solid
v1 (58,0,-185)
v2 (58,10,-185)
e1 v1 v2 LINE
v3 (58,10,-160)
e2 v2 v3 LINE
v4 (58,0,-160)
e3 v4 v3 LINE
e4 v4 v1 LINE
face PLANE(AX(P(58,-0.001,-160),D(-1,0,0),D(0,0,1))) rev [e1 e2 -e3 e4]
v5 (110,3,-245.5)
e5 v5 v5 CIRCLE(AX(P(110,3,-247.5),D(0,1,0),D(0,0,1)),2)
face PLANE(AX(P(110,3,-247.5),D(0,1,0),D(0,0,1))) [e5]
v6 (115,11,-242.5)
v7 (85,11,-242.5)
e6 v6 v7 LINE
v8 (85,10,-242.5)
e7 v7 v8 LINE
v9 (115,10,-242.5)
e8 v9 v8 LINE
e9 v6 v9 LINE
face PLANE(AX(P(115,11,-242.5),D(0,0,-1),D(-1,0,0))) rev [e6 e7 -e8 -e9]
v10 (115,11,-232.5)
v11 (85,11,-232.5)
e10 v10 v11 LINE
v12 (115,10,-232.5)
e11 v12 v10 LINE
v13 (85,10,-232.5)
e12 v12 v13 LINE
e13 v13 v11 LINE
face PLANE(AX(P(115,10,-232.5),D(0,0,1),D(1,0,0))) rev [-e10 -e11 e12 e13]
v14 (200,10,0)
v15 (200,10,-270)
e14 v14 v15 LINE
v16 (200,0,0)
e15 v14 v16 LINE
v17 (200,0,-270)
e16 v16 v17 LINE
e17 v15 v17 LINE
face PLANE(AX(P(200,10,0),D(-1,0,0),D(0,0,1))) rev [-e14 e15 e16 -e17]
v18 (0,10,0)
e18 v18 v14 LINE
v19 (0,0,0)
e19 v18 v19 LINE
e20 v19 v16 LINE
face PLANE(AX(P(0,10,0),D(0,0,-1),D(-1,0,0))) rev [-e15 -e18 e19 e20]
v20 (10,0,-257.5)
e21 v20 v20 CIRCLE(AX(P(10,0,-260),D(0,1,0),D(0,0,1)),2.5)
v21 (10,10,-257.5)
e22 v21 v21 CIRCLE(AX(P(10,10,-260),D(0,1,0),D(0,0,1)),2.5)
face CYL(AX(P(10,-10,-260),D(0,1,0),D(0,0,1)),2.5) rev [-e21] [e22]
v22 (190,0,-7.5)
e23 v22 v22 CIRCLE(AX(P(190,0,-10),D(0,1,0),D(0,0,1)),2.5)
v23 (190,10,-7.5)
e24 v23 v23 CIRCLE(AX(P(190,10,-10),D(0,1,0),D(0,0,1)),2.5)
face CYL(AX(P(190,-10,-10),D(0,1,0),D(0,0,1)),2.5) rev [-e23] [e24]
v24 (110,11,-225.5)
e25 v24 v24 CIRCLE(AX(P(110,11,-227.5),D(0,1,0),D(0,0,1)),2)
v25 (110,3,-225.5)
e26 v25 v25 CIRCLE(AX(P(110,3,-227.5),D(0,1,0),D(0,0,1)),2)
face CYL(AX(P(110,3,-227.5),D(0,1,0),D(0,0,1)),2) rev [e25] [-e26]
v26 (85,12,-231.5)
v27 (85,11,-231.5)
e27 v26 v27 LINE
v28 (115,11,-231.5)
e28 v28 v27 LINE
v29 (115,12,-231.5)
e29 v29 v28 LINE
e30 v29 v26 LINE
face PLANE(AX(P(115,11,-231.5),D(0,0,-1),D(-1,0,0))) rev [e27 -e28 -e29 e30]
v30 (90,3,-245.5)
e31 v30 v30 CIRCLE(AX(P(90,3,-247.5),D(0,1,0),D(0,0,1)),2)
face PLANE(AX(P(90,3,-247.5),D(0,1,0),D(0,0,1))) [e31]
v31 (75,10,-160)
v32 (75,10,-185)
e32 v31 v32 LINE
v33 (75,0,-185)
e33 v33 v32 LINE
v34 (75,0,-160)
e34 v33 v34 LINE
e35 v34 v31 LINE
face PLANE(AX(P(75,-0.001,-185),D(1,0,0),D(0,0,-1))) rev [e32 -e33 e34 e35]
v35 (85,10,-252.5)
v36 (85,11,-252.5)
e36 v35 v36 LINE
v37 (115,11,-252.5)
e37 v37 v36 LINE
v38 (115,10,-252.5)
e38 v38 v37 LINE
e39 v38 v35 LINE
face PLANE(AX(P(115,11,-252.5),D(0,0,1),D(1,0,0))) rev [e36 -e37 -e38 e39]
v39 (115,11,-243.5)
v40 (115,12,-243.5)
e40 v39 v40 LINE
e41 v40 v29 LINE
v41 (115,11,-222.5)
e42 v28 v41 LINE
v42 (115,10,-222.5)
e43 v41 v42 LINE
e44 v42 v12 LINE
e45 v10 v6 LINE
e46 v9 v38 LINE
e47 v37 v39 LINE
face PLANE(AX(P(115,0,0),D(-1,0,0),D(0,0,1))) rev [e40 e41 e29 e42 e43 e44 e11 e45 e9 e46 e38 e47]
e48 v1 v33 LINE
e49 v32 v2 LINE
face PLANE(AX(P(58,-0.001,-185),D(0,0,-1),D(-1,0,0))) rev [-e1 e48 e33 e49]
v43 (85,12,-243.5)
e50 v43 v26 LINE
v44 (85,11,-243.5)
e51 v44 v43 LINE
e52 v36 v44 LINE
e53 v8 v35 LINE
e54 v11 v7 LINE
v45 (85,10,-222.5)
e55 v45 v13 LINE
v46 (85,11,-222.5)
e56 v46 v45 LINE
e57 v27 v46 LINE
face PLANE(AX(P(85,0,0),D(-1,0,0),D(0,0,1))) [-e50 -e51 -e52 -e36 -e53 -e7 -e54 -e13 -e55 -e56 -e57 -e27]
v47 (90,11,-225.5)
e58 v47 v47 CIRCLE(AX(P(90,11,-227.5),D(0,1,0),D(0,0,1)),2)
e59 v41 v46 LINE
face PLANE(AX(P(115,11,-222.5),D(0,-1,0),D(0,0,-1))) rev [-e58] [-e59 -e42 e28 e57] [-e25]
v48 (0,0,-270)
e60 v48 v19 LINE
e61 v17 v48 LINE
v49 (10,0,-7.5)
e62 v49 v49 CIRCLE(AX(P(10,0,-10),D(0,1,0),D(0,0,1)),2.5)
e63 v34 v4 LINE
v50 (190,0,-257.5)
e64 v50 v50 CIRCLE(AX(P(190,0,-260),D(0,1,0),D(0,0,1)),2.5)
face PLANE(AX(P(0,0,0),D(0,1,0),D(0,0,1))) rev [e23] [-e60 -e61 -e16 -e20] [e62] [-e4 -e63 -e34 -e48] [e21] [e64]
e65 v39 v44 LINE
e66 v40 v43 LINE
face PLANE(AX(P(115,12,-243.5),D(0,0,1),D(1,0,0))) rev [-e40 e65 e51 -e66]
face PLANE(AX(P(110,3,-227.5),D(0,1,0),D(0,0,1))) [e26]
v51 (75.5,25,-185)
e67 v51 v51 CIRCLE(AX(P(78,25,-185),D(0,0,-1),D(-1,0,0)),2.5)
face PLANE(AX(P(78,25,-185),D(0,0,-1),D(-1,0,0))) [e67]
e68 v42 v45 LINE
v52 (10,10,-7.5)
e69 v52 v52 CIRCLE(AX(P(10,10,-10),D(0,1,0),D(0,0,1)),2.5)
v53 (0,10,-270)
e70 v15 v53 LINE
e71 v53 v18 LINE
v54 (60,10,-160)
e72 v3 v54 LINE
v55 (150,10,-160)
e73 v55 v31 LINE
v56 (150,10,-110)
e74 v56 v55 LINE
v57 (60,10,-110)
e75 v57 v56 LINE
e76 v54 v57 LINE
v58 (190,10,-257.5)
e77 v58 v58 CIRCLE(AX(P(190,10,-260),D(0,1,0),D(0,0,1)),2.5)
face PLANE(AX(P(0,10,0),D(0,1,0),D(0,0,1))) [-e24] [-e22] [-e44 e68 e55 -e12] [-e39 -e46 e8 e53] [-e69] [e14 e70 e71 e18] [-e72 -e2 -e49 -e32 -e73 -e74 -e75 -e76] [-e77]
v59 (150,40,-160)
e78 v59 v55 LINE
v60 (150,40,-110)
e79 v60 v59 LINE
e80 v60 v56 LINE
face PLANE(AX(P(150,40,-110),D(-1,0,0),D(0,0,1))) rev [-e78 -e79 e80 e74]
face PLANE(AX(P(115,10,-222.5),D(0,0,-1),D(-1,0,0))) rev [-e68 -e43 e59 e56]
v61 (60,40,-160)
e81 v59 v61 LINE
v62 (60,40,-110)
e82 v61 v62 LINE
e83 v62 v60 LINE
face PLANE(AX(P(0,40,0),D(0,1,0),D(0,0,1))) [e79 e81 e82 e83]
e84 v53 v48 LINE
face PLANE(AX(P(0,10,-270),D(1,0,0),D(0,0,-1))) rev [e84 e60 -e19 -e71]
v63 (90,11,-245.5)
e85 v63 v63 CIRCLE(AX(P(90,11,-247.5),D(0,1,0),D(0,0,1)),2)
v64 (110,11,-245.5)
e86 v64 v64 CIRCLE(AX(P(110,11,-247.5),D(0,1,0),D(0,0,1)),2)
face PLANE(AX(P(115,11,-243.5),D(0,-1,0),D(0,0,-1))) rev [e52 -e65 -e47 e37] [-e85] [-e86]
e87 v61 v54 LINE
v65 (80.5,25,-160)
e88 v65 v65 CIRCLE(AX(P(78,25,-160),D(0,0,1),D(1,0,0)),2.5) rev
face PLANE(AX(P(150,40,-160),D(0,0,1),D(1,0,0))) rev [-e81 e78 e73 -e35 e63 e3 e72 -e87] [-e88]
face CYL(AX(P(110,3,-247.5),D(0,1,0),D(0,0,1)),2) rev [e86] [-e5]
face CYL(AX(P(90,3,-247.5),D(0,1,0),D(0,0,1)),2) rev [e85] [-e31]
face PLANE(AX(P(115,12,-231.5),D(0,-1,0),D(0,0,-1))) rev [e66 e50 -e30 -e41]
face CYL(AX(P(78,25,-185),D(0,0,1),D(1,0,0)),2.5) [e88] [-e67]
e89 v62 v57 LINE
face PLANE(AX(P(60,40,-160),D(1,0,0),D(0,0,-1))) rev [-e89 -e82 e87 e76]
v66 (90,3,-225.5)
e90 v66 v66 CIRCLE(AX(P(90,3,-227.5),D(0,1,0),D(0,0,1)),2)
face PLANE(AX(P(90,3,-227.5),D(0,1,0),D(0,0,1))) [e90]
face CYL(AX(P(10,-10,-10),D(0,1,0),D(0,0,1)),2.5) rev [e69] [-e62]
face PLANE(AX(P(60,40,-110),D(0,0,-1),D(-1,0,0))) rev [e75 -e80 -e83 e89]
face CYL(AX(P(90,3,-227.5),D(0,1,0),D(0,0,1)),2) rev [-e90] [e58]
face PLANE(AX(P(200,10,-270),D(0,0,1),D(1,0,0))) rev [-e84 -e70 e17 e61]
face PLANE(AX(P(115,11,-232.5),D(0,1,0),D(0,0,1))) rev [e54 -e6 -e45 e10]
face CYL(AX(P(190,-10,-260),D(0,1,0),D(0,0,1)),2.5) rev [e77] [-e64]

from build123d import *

# Parameters (mm, degrees)
SKETCH_1_W          = 200
SKETCH_1_H          = 270
EXTRUDE_1_DEPTH     = 10
SKETCH_3_R          = 2.5
CUT_EXTRUDE_1_DEPTH = 20
SKETCH_6_W          = 90
SKETCH_6_H          = 50
EXTRUDE_2_DEPTH     = 30
CUT_EXTRUDE_3_REACH = 339.343
SKETCH_9_W          = 17
SKETCH_9_H          = 25
EXTRUDE_4_DEPTH     = 15
SKETCH_11_R         = 2
CUT_EXTRUDE_4_DEPTH = 8
SKETCH_12_R         = 2.5
EXTRUDE_5_DEPTH     = 25


with BuildPart() as part:
    # 草图1 → 凸台-拉伸1 (new body)
    with BuildSketch(Plane(origin=(0, 0, 0), x_dir=(1, 0, 0), z_dir=(0, 1, 0))):
        with Locations((100, 135)):
            Rectangle(SKETCH_1_W, SKETCH_1_H)
    extrude(amount=EXTRUDE_1_DEPTH)

    # 草图3 → 切除-拉伸1 (cut)
    with BuildSketch(Plane(origin=(0, 10, 0), x_dir=(1, 0, 0), z_dir=(0, 1, 0))):
        with Locations(Location((10, 260, 0), (0, 0, 270))):
            Circle(SKETCH_3_R)
        with Locations(Location((10, 10, 0), (0, 0, 270))):
            Circle(SKETCH_3_R)
        with Locations(Location((190, 10, 0), (0, 0, 270))):
            Circle(SKETCH_3_R)
        with Locations(Location((190, 260, 0), (0, 0, 270))):
            Circle(SKETCH_3_R)
    extrude(amount=-CUT_EXTRUDE_1_DEPTH, mode=Mode.SUBTRACT)

    # 草图6 → 凸台-拉伸2 (add)
    with BuildSketch(Plane(origin=(0, 10, 0), x_dir=(1, 0, 0), z_dir=(0, 1, 0))):
        with Locations((105, 135)):
            Rectangle(SKETCH_6_W, SKETCH_6_H)
    extrude(amount=EXTRUDE_2_DEPTH)

    # 草图9 → 切除-拉伸3 (cut, up to next)
    with BuildSketch(Plane(origin=(0, 10, 0), x_dir=(1, 0, 0), z_dir=(0, 1, 0)), mode=Mode.PRIVATE) as cut_extrude_3_sk1:
        with Locations((66.5, 172.5)):
            Rectangle(SKETCH_9_W, SKETCH_9_H)
    cut_extrude_3_tool1 = extrude(cut_extrude_3_sk1.sketch, amount=-CUT_EXTRUDE_3_REACH, mode=Mode.PRIVATE) & part.part
    add(cut_extrude_3_tool1.solids().sort_by_distance((66.5, 10, -172.5))[0], mode=Mode.SUBTRACT)

    # 草图5 → 凸台-拉伸4 (add, symmetric)
    with BuildSketch(Plane(origin=(100, 0, 0), x_dir=(0, 0, -1), z_dir=(1, 0, 0))):
        Polygon((232.5, 10), (232.5, 11), (242.5, 11), (242.5, 10), (252.5, 10), (252.5, 11), (243.5, 11), (243.5, 12), (231.5, 12), (231.5, 11), (222.5, 11), (222.5, 10), align=None)
    extrude(amount=EXTRUDE_4_DEPTH, both=True)

    # 草图11 → 切除-拉伸4 (cut)
    with BuildSketch(Plane(origin=(0, 11, 0), x_dir=(1, 0, 0), z_dir=(0, 1, 0))):
        with Locations(Location((90, 227.5, 0), (0, 0, 270))):
            Circle(SKETCH_11_R)
        with Locations(Location((110, 227.5, 0), (0, 0, 270))):
            Circle(SKETCH_11_R)
        with Locations(Location((90, 247.5, 0), (0, 0, 270))):
            Circle(SKETCH_11_R)
        with Locations(Location((110, 247.5, 0), (0, 0, 270))):
            Circle(SKETCH_11_R)
    extrude(amount=-CUT_EXTRUDE_4_DEPTH, mode=Mode.SUBTRACT)

    # 草图12 → 凸台-拉伸5 (add)
    with BuildSketch(Plane(origin=(0, 0, -160), x_dir=(-1, 0, 0), z_dir=(0, 0, -1))):
        with Locations(Location((-78, 25, 0), (0, 0, 180))):
            Circle(SKETCH_12_R)
    extrude(amount=EXTRUDE_5_DEPTH)


solid = part.part
